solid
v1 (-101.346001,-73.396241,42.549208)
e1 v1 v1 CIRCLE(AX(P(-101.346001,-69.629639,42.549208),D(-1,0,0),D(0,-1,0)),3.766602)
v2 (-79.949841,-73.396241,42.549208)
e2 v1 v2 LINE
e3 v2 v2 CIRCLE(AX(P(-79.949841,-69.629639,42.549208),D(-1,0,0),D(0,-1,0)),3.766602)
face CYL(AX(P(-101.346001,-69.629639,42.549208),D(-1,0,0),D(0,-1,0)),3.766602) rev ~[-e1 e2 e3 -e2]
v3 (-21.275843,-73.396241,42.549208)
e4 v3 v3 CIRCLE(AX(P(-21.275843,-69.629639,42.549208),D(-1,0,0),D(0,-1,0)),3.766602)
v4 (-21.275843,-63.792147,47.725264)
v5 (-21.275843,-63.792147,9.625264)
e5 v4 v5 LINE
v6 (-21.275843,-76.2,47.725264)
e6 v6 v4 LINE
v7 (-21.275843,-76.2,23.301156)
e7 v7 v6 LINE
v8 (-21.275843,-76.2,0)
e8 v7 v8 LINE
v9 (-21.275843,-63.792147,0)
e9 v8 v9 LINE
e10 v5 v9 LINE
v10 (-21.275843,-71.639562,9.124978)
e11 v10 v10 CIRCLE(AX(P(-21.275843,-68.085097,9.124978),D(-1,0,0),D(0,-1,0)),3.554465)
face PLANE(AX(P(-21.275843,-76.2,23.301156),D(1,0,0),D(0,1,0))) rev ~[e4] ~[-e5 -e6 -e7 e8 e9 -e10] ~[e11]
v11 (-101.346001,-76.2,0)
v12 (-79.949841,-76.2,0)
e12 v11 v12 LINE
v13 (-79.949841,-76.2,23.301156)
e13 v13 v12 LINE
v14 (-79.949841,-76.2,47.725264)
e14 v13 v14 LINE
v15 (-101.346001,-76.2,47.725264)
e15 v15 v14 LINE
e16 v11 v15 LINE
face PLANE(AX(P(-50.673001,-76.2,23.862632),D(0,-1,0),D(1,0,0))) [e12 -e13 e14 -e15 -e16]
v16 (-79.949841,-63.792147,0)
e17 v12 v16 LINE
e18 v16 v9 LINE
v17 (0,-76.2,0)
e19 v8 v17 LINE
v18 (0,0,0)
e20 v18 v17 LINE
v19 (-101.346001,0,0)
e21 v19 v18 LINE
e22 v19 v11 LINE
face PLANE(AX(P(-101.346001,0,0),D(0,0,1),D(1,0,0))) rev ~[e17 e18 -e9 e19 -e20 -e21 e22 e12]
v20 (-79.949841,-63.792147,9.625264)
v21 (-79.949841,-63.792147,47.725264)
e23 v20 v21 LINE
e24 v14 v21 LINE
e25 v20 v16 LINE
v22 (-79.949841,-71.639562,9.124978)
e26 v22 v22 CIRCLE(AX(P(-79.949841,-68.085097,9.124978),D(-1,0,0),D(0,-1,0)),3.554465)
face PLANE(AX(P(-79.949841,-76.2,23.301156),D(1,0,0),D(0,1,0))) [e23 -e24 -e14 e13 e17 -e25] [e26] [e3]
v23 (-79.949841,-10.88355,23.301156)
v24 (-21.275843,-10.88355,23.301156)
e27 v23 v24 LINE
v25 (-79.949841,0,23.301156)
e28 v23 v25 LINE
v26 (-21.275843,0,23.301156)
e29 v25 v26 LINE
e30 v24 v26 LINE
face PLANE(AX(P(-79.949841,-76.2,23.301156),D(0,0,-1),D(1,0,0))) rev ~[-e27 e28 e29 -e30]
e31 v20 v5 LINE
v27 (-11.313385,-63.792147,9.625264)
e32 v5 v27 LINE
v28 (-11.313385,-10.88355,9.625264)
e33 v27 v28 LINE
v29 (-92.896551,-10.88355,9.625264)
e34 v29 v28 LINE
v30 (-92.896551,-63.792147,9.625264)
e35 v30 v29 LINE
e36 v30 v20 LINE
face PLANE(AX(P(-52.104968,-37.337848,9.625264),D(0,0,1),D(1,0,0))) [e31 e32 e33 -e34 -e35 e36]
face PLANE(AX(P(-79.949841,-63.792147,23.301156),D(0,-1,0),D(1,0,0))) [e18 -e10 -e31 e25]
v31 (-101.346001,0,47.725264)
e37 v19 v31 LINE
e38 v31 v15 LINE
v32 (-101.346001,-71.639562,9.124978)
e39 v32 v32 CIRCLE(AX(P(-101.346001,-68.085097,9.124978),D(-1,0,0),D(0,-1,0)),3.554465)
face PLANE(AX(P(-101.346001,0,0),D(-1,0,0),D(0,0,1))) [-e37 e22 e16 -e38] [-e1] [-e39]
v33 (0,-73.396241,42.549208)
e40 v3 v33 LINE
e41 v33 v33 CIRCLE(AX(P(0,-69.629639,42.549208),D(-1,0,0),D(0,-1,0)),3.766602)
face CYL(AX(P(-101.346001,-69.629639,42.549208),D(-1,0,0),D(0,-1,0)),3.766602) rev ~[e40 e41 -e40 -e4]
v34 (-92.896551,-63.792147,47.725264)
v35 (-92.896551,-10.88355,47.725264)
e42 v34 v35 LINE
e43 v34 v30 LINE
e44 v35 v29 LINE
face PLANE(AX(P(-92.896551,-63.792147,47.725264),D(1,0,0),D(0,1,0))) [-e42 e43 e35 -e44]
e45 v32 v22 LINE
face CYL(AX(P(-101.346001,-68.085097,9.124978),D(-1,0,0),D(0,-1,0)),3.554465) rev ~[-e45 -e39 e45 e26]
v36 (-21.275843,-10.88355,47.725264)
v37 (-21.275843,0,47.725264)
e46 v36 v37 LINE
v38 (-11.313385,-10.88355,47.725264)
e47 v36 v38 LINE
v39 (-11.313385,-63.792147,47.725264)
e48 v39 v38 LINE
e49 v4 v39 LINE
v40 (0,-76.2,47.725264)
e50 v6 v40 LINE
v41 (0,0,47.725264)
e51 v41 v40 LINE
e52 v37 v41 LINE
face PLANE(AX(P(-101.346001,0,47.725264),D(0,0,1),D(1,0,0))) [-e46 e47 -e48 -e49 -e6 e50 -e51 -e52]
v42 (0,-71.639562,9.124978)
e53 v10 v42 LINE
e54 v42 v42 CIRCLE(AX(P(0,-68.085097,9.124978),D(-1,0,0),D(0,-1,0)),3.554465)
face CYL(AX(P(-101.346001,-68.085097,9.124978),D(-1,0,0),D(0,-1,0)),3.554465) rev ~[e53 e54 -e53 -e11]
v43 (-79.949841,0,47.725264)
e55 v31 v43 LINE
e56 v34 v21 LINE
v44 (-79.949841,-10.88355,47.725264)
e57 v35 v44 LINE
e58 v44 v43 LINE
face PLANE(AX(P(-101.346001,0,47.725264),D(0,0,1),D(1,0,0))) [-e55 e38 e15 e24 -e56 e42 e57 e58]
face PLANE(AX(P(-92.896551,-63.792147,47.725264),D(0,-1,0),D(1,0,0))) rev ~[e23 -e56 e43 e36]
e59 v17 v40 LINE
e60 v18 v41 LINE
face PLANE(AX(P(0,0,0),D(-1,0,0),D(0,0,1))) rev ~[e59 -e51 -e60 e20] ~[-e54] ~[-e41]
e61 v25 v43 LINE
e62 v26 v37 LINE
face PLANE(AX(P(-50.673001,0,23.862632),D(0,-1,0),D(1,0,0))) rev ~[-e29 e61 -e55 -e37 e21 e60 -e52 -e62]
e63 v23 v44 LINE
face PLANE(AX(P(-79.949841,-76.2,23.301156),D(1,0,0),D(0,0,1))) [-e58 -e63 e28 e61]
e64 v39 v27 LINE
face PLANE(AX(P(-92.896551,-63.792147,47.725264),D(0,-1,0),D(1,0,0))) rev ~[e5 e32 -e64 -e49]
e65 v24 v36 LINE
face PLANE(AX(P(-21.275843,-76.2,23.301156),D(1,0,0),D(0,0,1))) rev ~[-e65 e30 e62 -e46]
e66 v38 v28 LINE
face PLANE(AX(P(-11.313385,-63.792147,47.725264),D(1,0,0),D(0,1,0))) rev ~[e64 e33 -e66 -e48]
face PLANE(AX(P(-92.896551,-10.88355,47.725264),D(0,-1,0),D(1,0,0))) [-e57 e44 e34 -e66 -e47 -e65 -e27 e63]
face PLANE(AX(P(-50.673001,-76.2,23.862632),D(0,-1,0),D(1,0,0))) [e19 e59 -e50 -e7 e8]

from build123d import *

# Parameters (mm, degrees)
F0_W      = 101.346001029
F0_H      = 47.725263983
F1_DEPTH  = 76.2
F2_W      = 81.5831655636
F2_H      = 52.9085965827
F3_DEPTH  = 38.1
F4_W      = 58.673998341
F4_H      = 24.4241077453
F5_DEPTH  = 76.2
F6_W      = 58.673998341
F6_H      = 12.4078532577
F7_DEPTH  = 50.8
F8_R      = 3.5544652988
F9_DEPTH  = 127
F10_R     = 3.7666020305
F11_DEPTH = 127


with BuildPart() as f1:
    # F0 (on Front) → F1 (new body)
    with BuildSketch(Plane.XZ):
        with Locations((-50.6730005145, 23.8626319915)):
            Rectangle(F0_W, F0_H)
    extrude(amount=F1_DEPTH)

    # F2 (on face) → F3 (cut)
    with BuildSketch(Plane.XY.offset(47.725263983)):
        with Locations((-52.104968112, -37.337848451)):
            Rectangle(F2_W, F2_H)
    extrude(amount=-F3_DEPTH, mode=Mode.SUBTRACT)

    # F4 (on face) → F5 (cut)
    with BuildSketch(Plane.XZ.offset(76.2)):
        with Locations((-50.6128417328, 35.5132101104)):
            Rectangle(F4_W, F4_H)
    extrude(amount=-F5_DEPTH, mode=Mode.SUBTRACT)

    # F6 (on face) → F7 (cut)
    with BuildSketch(Plane.XY.offset(23.3011562377)):
        with Locations((-50.6128417328, -69.9960733712)):
            Rectangle(F6_W, F6_H)
    extrude(amount=-F7_DEPTH, mode=Mode.SUBTRACT)

    # F8 (on face) → F9 (cut)
    with BuildSketch(Plane(origin=(-101.346001029, 0, 0), x_dir=(0, -1, 0), z_dir=(-1, 0, 0))):
        with Locations((68.0850967765, 9.1249775141)):
            Circle(F8_R)
    extrude(amount=-F9_DEPTH, mode=Mode.SUBTRACT)

    # F10 (on face) → F11 (cut)
    with BuildSketch(Plane(origin=(-101.346001029, 0, 0), x_dir=(0, -1, 0), z_dir=(-1, 0, 0))):
        with Locations((69.6296393871, 42.5492078066)):
            Circle(F10_R)
    extrude(amount=-F11_DEPTH, mode=Mode.SUBTRACT)


solid = f1.part
